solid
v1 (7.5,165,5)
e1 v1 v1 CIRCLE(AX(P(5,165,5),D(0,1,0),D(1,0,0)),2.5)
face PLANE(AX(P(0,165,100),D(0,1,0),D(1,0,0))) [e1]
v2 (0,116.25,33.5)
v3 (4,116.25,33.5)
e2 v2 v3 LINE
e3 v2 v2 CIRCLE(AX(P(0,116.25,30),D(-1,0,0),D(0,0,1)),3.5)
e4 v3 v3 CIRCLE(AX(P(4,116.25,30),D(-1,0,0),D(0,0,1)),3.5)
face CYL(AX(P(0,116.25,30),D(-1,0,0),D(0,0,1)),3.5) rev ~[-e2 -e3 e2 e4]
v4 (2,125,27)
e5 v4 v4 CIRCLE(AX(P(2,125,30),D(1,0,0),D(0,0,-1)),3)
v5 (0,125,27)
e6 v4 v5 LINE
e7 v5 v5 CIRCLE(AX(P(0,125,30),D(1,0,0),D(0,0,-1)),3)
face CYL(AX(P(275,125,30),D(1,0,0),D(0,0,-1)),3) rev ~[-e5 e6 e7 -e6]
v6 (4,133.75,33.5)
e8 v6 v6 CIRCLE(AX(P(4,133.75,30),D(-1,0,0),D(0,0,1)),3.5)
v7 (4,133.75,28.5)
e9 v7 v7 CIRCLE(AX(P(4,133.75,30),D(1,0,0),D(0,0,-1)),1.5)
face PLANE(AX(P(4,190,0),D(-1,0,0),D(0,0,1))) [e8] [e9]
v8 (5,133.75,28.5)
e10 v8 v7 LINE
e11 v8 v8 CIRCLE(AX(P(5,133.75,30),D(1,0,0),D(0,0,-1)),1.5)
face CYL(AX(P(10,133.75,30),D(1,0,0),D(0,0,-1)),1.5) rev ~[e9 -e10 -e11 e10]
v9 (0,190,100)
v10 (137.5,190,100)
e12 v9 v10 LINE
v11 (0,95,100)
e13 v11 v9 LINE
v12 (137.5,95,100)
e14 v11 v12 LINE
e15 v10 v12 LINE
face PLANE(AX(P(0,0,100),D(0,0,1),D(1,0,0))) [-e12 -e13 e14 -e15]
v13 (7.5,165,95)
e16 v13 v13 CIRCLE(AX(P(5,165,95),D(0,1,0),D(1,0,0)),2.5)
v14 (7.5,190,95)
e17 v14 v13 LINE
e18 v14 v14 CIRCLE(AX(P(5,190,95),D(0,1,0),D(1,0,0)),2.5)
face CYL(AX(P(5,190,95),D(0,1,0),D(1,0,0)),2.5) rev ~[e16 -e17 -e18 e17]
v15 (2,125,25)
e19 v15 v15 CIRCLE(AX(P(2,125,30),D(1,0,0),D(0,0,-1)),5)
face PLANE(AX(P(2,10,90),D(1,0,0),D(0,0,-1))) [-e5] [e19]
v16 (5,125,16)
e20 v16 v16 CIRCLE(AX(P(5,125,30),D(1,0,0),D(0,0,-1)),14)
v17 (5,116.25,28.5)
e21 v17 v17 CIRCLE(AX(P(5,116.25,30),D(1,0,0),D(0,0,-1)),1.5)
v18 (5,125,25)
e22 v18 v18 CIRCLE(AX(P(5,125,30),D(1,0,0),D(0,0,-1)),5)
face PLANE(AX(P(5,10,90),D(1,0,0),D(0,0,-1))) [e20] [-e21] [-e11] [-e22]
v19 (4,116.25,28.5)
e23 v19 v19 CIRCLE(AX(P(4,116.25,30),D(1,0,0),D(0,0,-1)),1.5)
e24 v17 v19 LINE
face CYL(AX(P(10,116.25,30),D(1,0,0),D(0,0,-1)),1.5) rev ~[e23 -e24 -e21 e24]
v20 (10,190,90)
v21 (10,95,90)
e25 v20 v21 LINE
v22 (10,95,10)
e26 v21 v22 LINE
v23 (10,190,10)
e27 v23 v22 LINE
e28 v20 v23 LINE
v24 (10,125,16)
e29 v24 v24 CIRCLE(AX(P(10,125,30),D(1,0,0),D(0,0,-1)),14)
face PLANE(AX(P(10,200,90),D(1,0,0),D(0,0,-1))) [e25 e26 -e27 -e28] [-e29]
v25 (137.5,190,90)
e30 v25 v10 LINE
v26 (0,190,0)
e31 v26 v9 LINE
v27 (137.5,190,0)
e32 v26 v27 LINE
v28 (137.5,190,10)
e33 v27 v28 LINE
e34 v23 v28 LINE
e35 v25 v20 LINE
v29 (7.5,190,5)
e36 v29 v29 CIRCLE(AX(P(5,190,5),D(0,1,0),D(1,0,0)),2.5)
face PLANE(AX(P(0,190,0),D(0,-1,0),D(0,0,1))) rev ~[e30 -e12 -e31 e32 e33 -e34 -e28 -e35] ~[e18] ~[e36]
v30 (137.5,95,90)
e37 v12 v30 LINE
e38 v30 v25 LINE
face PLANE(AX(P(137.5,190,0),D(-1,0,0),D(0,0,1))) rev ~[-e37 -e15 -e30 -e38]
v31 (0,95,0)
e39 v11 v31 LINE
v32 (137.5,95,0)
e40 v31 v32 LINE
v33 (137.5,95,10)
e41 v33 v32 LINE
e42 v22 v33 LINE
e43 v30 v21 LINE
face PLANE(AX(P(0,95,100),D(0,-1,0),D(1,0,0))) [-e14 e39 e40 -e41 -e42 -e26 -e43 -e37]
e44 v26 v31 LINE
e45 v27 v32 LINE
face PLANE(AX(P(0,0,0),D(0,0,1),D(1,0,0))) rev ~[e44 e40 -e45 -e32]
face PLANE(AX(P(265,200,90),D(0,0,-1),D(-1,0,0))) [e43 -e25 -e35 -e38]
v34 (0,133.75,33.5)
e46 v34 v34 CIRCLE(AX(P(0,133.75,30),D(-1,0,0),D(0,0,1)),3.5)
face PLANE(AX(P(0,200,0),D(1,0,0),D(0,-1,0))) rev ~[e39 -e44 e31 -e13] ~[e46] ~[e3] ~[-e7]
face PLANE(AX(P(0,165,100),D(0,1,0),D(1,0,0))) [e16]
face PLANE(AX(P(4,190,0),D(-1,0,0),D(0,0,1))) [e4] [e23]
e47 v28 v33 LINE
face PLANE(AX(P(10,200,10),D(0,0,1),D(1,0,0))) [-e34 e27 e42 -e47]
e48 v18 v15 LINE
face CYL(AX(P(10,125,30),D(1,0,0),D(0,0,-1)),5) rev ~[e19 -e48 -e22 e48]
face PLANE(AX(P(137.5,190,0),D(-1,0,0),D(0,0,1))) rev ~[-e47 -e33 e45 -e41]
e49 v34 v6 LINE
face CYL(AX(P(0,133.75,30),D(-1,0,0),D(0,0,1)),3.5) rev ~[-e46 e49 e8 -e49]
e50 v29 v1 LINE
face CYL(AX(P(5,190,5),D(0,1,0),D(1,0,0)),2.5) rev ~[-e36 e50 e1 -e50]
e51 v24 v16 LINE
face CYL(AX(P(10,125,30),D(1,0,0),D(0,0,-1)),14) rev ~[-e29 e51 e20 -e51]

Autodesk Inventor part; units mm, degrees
ref_plane "YZ Plane" through (0, 0, 0) normal (1, 0, 0) x (0, 1, 0)
ref_plane "XZ Plane" through (0, 0, 0) normal (0, 1, 0) x (-1, 0, 0)
ref_plane "XY Plane" through (0, 0, 0) normal (0, 0, 1) x (1, 0, 0)
sketch "Sketch1" plane through (0, 0, 0) normal (0, 0, 1) x (1, 0, 0)
  line L0 (0, 0) -> (275, 0)
  line L1 (275, 0) -> (275, 200)
  line L2 (275, 200) -> (0, 200)
  line L3 (0, 200) -> (0, 0)
  dimension "d0" = 275
  dimension "d1" = 200
extrude "Extrusion1" add sketch "Sketch1" along normal blind 20
sketch "Sketch3" plane through (0, 0, 20) normal (0, 0, 1) x (1, 0, 0)
  line L0 (275, 0) -> (275, 200) projected
  line L1 (0, 200) -> (275, 200)
  line L2 (275, 200) -> (275, 0)
  line L3 (275, 0) -> (0, 0)
  line L4 (0, 0) -> (0, 200)
  point P0 (0, 0)
extrude "Extrusion3" add sketch "Sketch3" along normal blind 80
sketch "Sketch4" plane through (0, 0, 0) normal (0, -1, 0) x (1, 0, 0)
  circle A0 centre (47.5, 50) radius 17.5
  circle A1 centre (227.5, 50) radius 17.5
  line L0 (47.5, 50) -> (227.5, 50) construction
  line L1 (0, 0) -> (0, 100) projected
  line L2 (0, 100) -> (275, 100) projected
  point P0 (0, 50)
  point P1 (137.5, 50)
  point P2 (137.5, 100)
  dimension "d10" = 35
  dimension "d11" = 35
  dimension "d12" = 180
extrude "Extrusion4" cut sketch "Sketch4" against normal blind 100 contours A0
sketch "Sketch5" plane through (0, 200, 0) normal (0, 1, 0) x (1, 0, 0)
  line L0 (275, 0) -> (0, 0) projected
  line L1 (0, 0) -> (0, -100) projected
  line L2 (275, -100) -> (0, -100) projected
  line L3 (275, 0) -> (275, -100) projected
  line L4 (265, -90) -> (10, -90)
  line L5 (10, -90) -> (10, -10)
  line L6 (10, -10) -> (265, -10)
  line L7 (265, -10) -> (265, -90)
  point P0 (0, 0)
  dimension "d15" = 10
extrude "Extrusion5" cut sketch "Sketch5" against normal blind 190 contours L4 L5 L6 L7
sketch "Sketch6" plane through (0, 0, 0) normal (-1, 0, 0) x (0, 0, 1)
  line L0 (0, 200) -> (100, 200) projected
  line L1 (0, 200) -> (0, 0) projected
  line L2 (100, 200) -> (0, 200)
  line L3 (0, 200) -> (0, 190)
  line L4 (0, 190) -> (100, 190)
  line L5 (100, 190) -> (100, 200)
  dimension "d18" = 10
extrude "Extrusion6" cut sketch "Sketch6" against normal through all
sketch "Sketch7" plane through (0, 190, 100) normal (0, 1, 0) x (1, 0, 0)
  line L0 (275, 100) -> (275, 0) construction
  line L1 (0, 100) -> (275, 100) construction
  line L2 (0, 0) -> (0, 100) construction
  line L3 (275, 0) -> (0, 0) construction
  line L4 (265, 10) -> (265, 90) construction
  line L5 (10, 10) -> (265, 10) construction
  line L6 (10, 90) -> (10, 10) construction
  line L7 (265, 90) -> (10, 90) construction
  line L8 (270, 5) -> (270, 95) construction
  line L9 (270, 95) -> (5, 95) construction
  line L10 (5, 95) -> (5, 5) construction
  line L11 (5, 5) -> (270, 5) construction
  circle A0 centre (270, 5) radius 2.5
  circle A1 centre (270, 95) radius 2.5
  circle A2 centre (5, 95) radius 2.5
  circle A3 centre (5, 5) radius 2.5
  point P0 (0, 100)
  dimension "d21" = 5
  dimension "d22" = 5
  dimension "d23" = 5
  dimension "d24" = 5
  dimension "d25" = 5
extrude "Extrusion7" cut sketch "Sketch7" against normal blind 25
sketch "Sketch8" plane through (0, 0, 0) normal (0, -1, 0) x (1, 0, 0)
  line L0 (82, 15) -> (85, 15)
  line L1 (85, 15) -> (85, 35)
  line L2 (85, 35) -> (82, 35)
  line L3 (82, 35) -> (82, 15)
  line L4 (0, 0) -> (0, 100) projected
  line L5 (0, 0) -> (275, 0) projected
  line L6 (97, 15) -> (97, 35)
  line L7 (97, 35) -> (94, 35)
  line L8 (94, 35) -> (94, 15)
  line L9 (94, 15) -> (97, 15)
  line L10 (109, 15) -> (109, 35)
  line L11 (109, 35) -> (106, 35)
  line L12 (106, 35) -> (106, 15)
  line L13 (106, 15) -> (109, 15)
  line L14 (121, 15) -> (121, 35)
  line L15 (121, 35) -> (118, 35)
  line L16 (118, 35) -> (118, 15)
  line L17 (118, 15) -> (121, 15)
  line L18 (133, 15) -> (133, 35)
  line L19 (133, 35) -> (130, 35)
  line L20 (130, 35) -> (130, 15)
  line L21 (130, 15) -> (133, 15)
  line L22 (145, 15) -> (145, 35)
  line L23 (145, 35) -> (142, 35)
  line L24 (142, 35) -> (142, 15)
  line L25 (142, 15) -> (145, 15)
  line L26 (157, 15) -> (157, 35)
  line L27 (157, 35) -> (154, 35)
  line L28 (154, 35) -> (154, 15)
  line L29 (154, 15) -> (157, 15)
  line L30 (169, 15) -> (169, 35)
  line L31 (169, 35) -> (166, 35)
  line L32 (166, 35) -> (166, 15)
  line L33 (166, 15) -> (169, 15)
  line L34 (181, 15) -> (181, 35)
  line L35 (181, 35) -> (178, 35)
  line L36 (178, 35) -> (178, 15)
  line L37 (178, 15) -> (181, 15)
  line L38 (193, 15) -> (193, 35)
  line L39 (193, 35) -> (190, 35)
  line L40 (190, 35) -> (190, 15)
  line L41 (190, 15) -> (193, 15)
  line L42 (205, 15) -> (205, 35)
  line L43 (205, 35) -> (202, 35)
  line L44 (202, 35) -> (202, 15)
  line L45 (202, 15) -> (205, 15)
  line L46 (217, 15) -> (217, 35)
  line L47 (217, 35) -> (214, 35)
  line L48 (214, 35) -> (214, 15)
  line L49 (214, 15) -> (217, 15)
  line L50 (229, 15) -> (229, 35)
  line L51 (229, 35) -> (226, 35)
  line L52 (226, 35) -> (226, 15)
  line L53 (226, 15) -> (229, 15)
  line L54 (241, 15) -> (241, 35)
  line L55 (241, 35) -> (238, 35)
  line L56 (238, 35) -> (238, 15)
  line L57 (238, 15) -> (241, 15)
  dimension "d28" = 3
  dimension "d29" = 20
  dimension "d30" = 82
  dimension "d31" = 15
  dimension "d34" = 12
extrude "Extrusion8" cut sketch "Sketch8" against normal through all
sketch "Sketch2" plane through (275, 0, 100) normal (1, 0, 0) x (0, 0, -1)
  circle A0 centre (70, 125) radius 3
  line L0 (100, 0) -> (0, 0) projected
  line L1 (100, 0) -> (100, 190) projected
  dimension "d4" = 6
  dimension "d45" = 125
  dimension "d46" = 30
extrude "Extrusion2" cut sketch "Sketch2" against normal through all
sketch "Sketch10" plane through (0, 190, 100) normal (0, 1, 0) x (1, 0, 0)
  line L0 (275, 100) -> (275, 0) projected
  line L1 (0, 0) -> (275, 0) projected
  line L2 (275, 100) -> (137.5, 100)
  line L3 (137.5, 100) -> (137.5, 0)
  line L4 (137.5, 0) -> (275, 0)
  line L5 (275, 0) -> (275, 100)
  point P0 (0, 100)
extrude "Extrusion10" cut sketch "Sketch10" against normal through all
sketch "Sketch11" plane through (10, 10, 90) normal (1, 0, 0) x (0, 0, -1)
  circle A0 centre (60, 123.75) radius 1.5
  circle A1 centre (60, 106.25) radius 1.5
  circle A2 centre (60, 115) radius 3 projected
  line L0 (60, 106.25) -> (60, 123.75) construction
  point P0 (90, -10)
  dimension "d49" = 3
  dimension "d50" = 3
  dimension "d51" = 17.5
extrude "Extrusion11" cut sketch "Sketch11" against normal through all contours A0 | A1
sketch "Sketch12" plane through (10, 10, 90) normal (1, 0, 0) x (0, 0, -1)
  circle A0 centre (60, 115) radius 3 projected
  circle A1 centre (60, 115) radius 5
  point P0 (90, -10)
  dimension "d54" = 10
extrude "Extrusion12" cut sketch "Sketch12" against normal blind 8
sketch "Sketch13" plane through (10, 10, 90) normal (1, 0, 0) x (0, 0, -1)
  circle A0 centre (60, 115) radius 5 projected
  circle A1 centre (60, 115) radius 3 projected
  circle A2 centre (60, 115) radius 14
  point P0 (90, -10)
  dimension "d57" = 28
extrude "Extrusion13" cut sketch "Sketch13" against normal blind 5 contours A2
sketch "Sketch14" plane through (0, 0, 100) normal (0, 0, 1) x (1, 0, 0)
  line L0 (0, 0) -> (137.5, 0) projected
  line L1 (0, 190) -> (0, 0) projected
  line L2 (137.5, 0) -> (0, 0)
  line L3 (0, 0) -> (0, 95)
  line L4 (0, 95) -> (137.5, 95)
  line L5 (137.5, 95) -> (137.5, 0)
extrude "Extrusion14" cut sketch "Sketch14" against normal through all
sketch "Sketch15" plane through (0, 190, 0) normal (-1, 0, 0) x (0, 0, 1)
  circle A0 centre (30, -56.25) radius 1.5 projected
  circle A1 centre (30, -73.75) radius 1.5 projected
  circle A2 centre (30, -73.75) radius 3.5
  circle A3 centre (30, -56.25) radius 3.5
  point P0 (0, -190)
  dimension "d62" = 7
  dimension "d63" = 7
extrude "Extrusion15" cut sketch "Sketch15" against normal blind 4 contours A0 | A1 | A2 | A3
properties part number "HA005" material "ABS Plastic"
